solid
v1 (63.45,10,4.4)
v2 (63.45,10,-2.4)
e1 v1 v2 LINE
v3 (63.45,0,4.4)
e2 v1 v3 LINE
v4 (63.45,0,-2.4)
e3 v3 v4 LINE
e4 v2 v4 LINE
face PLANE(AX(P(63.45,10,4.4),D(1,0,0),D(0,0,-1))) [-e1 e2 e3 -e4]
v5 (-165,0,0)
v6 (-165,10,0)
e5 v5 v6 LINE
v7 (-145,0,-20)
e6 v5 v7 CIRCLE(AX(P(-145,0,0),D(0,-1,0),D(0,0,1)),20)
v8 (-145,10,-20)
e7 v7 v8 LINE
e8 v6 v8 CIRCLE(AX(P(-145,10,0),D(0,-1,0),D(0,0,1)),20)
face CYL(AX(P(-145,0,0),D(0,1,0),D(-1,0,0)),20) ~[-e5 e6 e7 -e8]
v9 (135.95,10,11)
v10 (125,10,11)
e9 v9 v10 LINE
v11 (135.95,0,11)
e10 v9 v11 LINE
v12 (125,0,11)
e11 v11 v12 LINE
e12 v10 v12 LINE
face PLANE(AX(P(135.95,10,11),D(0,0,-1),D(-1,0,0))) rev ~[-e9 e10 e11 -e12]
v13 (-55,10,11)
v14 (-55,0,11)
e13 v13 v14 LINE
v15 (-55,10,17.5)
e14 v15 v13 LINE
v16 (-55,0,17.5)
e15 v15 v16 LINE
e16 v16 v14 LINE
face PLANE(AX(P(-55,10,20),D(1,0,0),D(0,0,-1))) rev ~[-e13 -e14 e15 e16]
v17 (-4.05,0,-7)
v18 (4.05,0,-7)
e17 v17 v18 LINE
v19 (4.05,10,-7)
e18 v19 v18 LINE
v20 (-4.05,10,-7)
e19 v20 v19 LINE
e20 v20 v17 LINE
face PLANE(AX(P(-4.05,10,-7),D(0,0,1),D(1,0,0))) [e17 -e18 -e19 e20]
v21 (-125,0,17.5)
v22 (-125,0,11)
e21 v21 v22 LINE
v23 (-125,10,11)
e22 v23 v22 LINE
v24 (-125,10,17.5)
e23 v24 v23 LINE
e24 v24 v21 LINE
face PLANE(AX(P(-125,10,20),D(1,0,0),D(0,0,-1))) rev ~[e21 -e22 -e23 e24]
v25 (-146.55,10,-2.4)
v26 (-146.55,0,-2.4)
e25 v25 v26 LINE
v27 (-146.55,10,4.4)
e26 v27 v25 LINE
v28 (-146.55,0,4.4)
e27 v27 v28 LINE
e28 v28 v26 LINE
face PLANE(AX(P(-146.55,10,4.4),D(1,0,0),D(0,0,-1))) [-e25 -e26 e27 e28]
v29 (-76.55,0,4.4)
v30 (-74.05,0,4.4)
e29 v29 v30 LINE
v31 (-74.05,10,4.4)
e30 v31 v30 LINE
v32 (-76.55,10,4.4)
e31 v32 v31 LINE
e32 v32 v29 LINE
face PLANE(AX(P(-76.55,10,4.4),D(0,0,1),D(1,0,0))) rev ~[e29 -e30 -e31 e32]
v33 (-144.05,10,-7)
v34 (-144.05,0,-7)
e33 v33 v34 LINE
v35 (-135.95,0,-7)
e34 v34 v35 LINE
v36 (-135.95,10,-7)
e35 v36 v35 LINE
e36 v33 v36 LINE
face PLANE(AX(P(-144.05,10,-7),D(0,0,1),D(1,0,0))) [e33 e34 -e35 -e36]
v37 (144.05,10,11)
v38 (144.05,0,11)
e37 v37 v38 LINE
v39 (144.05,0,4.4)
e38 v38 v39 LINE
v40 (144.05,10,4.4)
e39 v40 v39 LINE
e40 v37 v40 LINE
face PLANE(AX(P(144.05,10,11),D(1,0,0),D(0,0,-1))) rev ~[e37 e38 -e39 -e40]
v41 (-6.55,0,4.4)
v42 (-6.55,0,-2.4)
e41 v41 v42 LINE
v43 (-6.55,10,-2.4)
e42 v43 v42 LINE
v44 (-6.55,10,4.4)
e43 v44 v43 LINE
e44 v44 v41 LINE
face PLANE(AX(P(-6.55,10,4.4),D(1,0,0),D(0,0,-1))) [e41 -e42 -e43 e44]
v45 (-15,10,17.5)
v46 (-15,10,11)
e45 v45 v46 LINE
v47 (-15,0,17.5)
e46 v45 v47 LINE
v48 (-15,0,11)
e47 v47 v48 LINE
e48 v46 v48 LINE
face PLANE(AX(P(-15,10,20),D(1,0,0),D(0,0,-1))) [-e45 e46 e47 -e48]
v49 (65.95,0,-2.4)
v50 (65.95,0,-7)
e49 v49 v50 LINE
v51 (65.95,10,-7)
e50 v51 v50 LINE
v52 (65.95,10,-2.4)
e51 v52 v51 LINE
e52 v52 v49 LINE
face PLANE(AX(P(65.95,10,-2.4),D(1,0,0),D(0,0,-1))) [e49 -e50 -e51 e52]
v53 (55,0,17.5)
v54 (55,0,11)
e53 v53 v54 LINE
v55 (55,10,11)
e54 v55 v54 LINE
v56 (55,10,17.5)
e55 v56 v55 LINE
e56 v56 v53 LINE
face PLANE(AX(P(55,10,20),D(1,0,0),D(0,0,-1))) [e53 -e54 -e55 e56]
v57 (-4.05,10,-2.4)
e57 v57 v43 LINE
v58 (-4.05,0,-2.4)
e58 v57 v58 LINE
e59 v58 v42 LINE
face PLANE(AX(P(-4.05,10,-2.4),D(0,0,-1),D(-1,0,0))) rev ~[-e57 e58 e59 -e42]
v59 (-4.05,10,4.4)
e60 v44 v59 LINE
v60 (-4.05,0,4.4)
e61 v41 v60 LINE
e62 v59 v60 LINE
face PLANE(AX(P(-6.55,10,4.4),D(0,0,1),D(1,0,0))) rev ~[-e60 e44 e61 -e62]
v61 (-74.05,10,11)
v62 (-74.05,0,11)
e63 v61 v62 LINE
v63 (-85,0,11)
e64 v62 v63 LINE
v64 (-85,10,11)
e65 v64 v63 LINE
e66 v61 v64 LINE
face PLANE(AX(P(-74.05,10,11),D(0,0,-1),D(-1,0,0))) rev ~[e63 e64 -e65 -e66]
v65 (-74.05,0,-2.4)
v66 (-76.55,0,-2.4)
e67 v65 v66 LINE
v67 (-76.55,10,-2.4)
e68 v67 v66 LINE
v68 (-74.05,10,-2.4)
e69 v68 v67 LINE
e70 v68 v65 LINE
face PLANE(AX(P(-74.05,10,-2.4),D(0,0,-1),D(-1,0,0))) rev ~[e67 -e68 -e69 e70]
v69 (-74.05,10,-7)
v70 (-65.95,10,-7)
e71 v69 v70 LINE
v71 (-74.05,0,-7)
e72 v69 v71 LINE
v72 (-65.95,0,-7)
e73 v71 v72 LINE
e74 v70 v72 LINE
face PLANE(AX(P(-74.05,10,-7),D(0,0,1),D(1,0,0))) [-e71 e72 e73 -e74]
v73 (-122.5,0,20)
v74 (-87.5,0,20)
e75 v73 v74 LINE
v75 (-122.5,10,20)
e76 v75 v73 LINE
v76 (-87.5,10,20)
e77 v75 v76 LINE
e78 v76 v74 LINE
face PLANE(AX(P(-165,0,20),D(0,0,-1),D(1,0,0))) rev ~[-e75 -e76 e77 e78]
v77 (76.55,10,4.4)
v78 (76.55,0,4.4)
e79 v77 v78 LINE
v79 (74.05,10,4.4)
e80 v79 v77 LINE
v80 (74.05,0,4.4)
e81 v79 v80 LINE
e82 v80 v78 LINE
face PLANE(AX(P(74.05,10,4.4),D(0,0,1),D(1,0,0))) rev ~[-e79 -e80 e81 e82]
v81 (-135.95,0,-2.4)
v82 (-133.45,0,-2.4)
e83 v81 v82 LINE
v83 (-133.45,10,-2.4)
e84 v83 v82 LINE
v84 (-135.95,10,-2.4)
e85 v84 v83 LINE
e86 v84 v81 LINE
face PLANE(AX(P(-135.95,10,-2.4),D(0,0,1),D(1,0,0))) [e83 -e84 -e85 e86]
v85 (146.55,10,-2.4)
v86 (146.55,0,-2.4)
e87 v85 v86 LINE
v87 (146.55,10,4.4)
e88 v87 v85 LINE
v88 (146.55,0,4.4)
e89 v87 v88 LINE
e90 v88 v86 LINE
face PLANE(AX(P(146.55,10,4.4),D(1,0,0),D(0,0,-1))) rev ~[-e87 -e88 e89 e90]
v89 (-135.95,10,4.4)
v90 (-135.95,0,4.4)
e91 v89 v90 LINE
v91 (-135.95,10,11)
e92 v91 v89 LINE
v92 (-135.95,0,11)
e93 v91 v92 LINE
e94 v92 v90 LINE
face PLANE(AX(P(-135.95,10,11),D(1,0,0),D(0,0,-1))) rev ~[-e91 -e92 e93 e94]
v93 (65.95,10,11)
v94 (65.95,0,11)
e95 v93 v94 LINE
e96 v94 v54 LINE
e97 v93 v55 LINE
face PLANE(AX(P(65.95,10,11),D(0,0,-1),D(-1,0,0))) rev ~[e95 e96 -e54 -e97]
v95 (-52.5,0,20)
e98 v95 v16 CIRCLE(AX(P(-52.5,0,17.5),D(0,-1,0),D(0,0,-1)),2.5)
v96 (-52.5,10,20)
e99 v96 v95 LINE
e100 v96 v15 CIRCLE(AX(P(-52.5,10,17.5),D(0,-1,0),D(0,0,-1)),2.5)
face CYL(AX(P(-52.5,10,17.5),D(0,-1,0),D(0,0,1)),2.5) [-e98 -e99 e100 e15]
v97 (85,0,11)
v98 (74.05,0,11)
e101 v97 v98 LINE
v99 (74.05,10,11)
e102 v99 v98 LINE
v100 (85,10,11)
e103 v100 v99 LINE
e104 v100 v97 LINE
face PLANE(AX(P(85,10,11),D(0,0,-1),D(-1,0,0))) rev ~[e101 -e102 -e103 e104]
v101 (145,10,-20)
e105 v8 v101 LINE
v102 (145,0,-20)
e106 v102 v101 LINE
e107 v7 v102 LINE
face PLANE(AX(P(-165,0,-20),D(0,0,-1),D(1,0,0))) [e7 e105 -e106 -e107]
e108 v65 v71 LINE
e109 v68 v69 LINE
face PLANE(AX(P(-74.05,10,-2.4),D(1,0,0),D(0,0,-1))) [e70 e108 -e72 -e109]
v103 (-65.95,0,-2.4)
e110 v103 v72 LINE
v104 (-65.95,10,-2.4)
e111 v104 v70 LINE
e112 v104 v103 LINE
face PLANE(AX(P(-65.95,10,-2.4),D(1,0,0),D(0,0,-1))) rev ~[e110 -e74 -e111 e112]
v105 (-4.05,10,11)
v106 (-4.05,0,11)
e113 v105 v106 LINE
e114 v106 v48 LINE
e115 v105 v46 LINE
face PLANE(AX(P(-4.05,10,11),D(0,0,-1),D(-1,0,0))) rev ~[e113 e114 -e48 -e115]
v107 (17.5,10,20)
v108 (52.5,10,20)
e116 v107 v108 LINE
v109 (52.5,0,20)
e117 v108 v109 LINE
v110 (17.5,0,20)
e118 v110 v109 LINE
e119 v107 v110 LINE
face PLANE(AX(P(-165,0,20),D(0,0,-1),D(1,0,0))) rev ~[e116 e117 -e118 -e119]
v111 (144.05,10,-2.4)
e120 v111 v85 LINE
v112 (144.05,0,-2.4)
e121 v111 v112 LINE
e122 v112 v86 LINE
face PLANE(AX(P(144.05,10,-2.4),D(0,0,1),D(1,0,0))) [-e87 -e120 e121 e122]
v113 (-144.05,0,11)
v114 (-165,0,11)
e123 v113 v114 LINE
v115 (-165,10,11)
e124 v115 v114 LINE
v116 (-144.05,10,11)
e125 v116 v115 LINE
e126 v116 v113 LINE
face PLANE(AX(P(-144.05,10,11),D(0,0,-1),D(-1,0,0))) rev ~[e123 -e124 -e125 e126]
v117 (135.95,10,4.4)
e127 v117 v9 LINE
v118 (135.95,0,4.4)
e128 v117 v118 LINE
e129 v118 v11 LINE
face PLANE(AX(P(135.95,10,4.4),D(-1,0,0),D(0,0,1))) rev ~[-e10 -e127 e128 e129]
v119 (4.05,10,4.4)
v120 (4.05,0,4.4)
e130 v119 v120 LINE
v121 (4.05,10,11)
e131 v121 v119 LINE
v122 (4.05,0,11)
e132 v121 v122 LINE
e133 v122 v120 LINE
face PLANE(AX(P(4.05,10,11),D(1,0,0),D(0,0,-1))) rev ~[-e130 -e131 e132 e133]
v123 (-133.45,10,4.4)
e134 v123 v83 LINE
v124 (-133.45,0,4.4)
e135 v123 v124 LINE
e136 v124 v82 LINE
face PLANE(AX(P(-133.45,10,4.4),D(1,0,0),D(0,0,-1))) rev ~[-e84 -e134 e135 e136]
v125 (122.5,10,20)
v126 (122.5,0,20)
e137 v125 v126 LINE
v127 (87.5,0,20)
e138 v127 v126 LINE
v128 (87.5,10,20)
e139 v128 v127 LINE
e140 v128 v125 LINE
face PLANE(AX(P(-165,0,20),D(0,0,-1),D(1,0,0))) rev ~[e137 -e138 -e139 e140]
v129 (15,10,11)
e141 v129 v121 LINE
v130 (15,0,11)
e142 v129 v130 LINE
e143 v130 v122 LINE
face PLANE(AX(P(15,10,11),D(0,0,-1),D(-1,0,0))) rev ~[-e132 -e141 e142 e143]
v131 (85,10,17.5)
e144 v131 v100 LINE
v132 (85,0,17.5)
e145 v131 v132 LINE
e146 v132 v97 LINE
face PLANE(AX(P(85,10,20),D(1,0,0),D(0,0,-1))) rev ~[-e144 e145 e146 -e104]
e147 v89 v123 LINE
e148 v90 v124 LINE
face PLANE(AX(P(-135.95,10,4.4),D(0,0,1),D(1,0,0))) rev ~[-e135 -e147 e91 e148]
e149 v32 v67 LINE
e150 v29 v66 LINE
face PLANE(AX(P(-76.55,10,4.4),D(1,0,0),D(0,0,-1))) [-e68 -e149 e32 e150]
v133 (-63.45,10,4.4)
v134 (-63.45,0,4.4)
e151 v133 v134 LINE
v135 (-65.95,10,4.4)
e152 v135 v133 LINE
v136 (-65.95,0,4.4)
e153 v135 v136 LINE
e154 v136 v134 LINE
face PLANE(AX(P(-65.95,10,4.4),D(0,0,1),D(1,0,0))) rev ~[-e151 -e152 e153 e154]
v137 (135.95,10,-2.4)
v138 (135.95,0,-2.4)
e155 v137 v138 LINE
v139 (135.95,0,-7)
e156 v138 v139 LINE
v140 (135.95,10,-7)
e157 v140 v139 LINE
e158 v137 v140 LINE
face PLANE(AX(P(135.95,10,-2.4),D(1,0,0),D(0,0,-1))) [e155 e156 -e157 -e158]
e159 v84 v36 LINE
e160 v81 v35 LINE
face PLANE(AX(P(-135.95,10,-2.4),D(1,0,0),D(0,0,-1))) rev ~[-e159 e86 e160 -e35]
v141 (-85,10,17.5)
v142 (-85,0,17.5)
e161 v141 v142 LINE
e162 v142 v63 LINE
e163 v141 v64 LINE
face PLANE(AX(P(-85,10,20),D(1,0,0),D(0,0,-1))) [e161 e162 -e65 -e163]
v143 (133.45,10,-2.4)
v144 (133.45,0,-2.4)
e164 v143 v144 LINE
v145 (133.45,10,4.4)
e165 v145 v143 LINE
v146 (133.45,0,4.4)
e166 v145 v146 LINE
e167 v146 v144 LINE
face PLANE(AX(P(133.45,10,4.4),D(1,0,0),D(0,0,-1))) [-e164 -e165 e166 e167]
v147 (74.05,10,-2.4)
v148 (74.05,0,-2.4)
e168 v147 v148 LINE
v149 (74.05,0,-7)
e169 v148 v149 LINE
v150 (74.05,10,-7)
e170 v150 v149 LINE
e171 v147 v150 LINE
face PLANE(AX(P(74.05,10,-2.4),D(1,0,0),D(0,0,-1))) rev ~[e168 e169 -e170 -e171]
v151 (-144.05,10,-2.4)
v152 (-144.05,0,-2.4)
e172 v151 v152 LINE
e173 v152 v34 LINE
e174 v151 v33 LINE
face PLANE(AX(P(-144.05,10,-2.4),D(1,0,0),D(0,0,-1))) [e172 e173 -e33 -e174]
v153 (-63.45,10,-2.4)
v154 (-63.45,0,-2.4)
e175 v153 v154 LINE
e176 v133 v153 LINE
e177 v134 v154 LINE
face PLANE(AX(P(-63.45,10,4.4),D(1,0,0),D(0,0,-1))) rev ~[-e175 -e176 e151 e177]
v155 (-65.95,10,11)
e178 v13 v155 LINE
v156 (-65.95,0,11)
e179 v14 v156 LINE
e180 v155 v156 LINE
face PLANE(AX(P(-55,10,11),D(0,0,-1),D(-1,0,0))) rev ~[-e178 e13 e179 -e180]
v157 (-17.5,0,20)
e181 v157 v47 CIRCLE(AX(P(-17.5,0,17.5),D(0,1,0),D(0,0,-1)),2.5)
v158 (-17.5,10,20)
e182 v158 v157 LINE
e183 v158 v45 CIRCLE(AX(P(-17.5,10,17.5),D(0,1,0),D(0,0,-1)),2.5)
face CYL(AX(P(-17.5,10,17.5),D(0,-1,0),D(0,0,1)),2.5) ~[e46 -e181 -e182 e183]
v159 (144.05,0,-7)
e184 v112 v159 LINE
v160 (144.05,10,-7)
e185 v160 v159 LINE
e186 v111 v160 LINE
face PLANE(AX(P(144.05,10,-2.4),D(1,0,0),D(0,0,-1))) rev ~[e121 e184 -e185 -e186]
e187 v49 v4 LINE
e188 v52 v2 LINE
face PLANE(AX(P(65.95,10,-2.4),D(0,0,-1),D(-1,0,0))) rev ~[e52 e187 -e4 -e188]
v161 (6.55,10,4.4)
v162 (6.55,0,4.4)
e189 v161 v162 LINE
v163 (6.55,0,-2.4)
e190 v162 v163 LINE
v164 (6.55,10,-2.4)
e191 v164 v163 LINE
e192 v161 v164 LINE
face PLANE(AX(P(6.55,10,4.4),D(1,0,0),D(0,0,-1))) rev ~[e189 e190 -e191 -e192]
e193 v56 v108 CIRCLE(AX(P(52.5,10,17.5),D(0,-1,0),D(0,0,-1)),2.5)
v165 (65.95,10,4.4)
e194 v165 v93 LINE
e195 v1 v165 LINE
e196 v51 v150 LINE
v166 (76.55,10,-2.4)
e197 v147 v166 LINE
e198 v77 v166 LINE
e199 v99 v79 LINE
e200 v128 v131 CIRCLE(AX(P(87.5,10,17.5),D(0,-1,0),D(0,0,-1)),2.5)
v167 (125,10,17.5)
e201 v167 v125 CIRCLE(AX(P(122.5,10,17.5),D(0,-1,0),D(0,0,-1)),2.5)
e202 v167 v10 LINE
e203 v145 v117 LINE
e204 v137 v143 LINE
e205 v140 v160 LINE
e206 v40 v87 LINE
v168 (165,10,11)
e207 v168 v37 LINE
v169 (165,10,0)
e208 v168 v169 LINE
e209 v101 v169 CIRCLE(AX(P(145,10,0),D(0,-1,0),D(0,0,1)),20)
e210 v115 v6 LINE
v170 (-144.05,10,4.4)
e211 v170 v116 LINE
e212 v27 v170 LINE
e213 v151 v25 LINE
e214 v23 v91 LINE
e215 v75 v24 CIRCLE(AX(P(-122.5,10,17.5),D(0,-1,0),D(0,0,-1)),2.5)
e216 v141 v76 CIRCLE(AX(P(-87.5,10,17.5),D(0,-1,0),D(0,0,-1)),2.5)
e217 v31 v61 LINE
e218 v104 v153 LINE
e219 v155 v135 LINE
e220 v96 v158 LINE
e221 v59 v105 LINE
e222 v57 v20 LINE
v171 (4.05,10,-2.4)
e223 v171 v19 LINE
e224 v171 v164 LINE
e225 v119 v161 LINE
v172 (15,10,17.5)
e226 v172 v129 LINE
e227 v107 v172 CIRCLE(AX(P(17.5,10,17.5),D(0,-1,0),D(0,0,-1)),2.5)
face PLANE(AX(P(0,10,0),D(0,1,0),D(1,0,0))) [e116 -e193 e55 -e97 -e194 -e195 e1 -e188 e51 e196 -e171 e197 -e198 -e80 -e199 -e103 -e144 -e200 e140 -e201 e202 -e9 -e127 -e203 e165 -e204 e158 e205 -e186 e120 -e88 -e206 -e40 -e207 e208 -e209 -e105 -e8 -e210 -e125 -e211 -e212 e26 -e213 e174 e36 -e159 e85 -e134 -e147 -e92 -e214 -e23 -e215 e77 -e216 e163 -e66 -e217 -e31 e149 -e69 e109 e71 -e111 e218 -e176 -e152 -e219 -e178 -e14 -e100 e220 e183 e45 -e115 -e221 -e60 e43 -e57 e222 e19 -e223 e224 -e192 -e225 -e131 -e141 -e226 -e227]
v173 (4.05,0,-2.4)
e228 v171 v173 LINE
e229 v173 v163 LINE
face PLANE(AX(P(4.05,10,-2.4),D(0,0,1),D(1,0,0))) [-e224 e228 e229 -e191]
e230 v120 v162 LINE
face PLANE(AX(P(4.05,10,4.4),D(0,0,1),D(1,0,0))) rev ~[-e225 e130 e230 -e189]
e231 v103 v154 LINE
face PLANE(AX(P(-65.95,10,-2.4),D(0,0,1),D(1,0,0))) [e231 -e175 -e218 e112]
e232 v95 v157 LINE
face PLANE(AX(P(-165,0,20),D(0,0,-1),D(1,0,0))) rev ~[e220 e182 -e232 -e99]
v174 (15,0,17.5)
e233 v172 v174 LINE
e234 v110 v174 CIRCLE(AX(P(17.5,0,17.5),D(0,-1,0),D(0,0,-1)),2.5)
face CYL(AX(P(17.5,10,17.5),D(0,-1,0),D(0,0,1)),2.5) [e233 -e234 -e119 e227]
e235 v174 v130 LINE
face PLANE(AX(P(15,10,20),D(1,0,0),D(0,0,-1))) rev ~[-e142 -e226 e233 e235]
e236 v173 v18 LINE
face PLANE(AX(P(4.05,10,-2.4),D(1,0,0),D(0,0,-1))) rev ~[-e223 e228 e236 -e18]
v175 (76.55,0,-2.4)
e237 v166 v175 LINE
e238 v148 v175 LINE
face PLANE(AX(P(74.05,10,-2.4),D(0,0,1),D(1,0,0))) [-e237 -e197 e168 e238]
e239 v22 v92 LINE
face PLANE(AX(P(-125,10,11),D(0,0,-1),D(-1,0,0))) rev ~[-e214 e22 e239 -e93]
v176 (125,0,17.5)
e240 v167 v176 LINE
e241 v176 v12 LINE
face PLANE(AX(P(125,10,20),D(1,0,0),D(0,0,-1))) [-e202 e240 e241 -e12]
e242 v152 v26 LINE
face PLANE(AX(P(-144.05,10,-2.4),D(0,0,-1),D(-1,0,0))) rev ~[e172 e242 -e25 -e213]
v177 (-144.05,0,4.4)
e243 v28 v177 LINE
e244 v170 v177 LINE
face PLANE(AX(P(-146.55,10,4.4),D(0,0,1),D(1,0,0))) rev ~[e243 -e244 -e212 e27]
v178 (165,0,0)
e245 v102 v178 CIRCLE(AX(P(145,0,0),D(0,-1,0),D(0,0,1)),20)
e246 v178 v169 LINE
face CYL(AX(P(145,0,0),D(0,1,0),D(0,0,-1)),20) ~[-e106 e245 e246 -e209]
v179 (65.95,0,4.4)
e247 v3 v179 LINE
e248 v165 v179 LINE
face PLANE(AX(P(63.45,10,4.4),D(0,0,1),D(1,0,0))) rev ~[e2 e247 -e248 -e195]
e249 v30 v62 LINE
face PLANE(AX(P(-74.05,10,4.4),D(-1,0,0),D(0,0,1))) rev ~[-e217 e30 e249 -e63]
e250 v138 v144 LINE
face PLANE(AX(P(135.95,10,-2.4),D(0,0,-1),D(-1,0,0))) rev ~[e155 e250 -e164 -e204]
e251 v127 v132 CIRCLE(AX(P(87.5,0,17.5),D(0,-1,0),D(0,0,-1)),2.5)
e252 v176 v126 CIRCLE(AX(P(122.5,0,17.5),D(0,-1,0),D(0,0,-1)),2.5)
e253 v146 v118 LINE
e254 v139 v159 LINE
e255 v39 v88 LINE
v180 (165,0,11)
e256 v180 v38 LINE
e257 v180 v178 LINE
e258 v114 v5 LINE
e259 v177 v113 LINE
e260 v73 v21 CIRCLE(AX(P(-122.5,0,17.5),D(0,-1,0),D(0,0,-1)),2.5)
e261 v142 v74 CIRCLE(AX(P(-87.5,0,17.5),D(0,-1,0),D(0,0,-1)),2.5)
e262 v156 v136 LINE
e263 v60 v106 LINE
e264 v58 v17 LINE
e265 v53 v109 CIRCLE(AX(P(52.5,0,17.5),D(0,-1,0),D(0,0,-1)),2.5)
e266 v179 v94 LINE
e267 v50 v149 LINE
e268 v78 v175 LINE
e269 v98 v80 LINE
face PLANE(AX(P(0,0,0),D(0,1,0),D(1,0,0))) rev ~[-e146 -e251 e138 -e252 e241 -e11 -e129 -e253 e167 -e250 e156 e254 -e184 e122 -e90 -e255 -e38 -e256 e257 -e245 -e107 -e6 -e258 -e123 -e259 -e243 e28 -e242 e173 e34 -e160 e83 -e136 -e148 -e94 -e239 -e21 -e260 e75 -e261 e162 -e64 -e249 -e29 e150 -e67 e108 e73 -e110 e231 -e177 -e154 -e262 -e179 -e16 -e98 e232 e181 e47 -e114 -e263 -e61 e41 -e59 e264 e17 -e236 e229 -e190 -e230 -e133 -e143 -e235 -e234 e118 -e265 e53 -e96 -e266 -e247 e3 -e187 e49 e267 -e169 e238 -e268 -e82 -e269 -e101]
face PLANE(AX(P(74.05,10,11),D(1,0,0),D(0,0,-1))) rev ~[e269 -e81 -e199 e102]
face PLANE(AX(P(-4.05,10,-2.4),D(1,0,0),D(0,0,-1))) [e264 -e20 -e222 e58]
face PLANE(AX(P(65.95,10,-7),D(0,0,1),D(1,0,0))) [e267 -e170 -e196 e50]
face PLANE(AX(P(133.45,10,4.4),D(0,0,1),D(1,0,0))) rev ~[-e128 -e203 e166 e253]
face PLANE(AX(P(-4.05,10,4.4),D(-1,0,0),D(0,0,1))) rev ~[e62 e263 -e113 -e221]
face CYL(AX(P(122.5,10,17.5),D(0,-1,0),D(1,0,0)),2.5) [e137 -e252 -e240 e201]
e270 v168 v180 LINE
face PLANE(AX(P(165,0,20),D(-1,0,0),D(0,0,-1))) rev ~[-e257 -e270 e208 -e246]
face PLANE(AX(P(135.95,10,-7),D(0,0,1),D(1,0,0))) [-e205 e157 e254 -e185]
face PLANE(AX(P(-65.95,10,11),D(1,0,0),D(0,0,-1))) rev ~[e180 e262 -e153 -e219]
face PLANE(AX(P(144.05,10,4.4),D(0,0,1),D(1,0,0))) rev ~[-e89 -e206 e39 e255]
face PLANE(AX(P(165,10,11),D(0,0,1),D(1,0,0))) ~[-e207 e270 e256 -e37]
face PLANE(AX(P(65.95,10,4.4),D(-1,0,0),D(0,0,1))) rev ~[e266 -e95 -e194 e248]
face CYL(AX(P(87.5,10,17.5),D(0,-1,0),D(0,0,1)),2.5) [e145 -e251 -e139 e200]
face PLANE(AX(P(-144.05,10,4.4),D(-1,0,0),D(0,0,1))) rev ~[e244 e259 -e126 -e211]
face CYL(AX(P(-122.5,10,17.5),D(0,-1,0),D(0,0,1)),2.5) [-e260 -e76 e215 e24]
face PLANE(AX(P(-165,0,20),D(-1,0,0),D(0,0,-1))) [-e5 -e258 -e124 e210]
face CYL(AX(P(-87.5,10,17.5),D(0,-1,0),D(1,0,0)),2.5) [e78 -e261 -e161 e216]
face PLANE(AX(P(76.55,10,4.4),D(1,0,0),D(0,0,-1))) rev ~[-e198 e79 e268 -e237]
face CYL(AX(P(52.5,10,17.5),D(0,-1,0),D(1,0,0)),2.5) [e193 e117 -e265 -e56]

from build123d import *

# Parameters (mm, degrees)
SKETCH1_W                  = 330
SKETCH1_H                  = 40
BOSS_EXTRUDE1_DEPTH        = 10
SKETCH2_W                  = 10.95
SKETCH2_H                  = 9
SKETCH2_W_2                = 8.1
SKETCH2_H_2                = 6.6
SKETCH2_H_3                = 6.8
SKETCH2_W_3                = 2.5
SKETCH2_H_4                = 4.6
CUT_EXTRUDE1_DEPTH         = 167.508258053
FILLET1_R                  = 2.5
LPATTERN1_COUNT            = 3
LPATTERN1_PITCH            = 70
FILLET1_OF_LPATTERN1_R     = 2.5
LPATTERN1_COL_COUNT        = 3
LPATTERN1_COL_PITCH        = 70
FILLET1_OF_LPATTERN1_COL_R = 2.5
SKETCH3_W                  = 10
SKETCH3_H                  = 9
CUT_EXTRUDE2_DEPTH         = 167.508258053
FILLET2_R                  = 20


with BuildPart() as part:
    # Sketch1 → Boss-Extrude1 (new body)
    with BuildSketch(Plane(origin=(0, 0, 0), x_dir=(1, 0, 0), z_dir=(0, 1, 0))):
        Rectangle(SKETCH1_W, SKETCH1_H)
    extrude(amount=BOSS_EXTRUDE1_DEPTH)

    # Sketch2 → Cut-Extrude1 (cut, through all)
    with BuildSketch(Plane(origin=(0, 10, 0), x_dir=(1, 0, 0), z_dir=(0, 1, 0))):
        with Locations((9.525, -15.5)):
            Rectangle(SKETCH2_W, SKETCH2_H)
        with Locations((0, -15.5)):
            Rectangle(SKETCH2_W_2, SKETCH2_H)
        with Locations((-9.525, -15.5)):
            Rectangle(SKETCH2_W, SKETCH2_H)
        with Locations((0, -7.7)):
            Rectangle(SKETCH2_W_2, SKETCH2_H_2)
        with Locations((0, -1)):
            Rectangle(SKETCH2_W_2, SKETCH2_H_3)
        with Locations((-5.3, -1)):
            Rectangle(SKETCH2_W_3, SKETCH2_H_3)
        with Locations((0, 4.7)):
            Rectangle(SKETCH2_W_2, SKETCH2_H_4)
        with Locations((5.3, -1)):
            Rectangle(SKETCH2_W_3, SKETCH2_H_3)
    cut_extrude1 = extrude(amount=-CUT_EXTRUDE1_DEPTH, mode=Mode.SUBTRACT)

    # Fillet1
    fillet1_edges = [part.edges().sort_by_distance(p)[0] for p in [
        (15, 5, 20),
        (-15, 5, 20),
    ]]
    fillet(fillet1_edges, radius=FILLET1_R)

    # LPattern1: Cut-Extrude1 ×3
    with Locations(*[(i * LPATTERN1_PITCH, 0, 0) for i in range(1, LPATTERN1_COUNT)]):
        add(cut_extrude1, mode=Mode.SUBTRACT)

    # Fillet1 of LPattern1
    fillet1_of_lpattern1_edges = [part.edges().sort_by_distance(p)[0] for p in [
        (85, 5, 20),
        (55, 5, 20),
        (155, 5, 20),
        (125, 5, 20),
    ]]
    fillet(fillet1_of_lpattern1_edges, radius=FILLET1_OF_LPATTERN1_R)

    # LPattern1 col: Cut-Extrude1 ×3
    with Locations(*[(-i * LPATTERN1_COL_PITCH, 0, 0) for i in range(1, LPATTERN1_COL_COUNT)]):
        add(cut_extrude1, mode=Mode.SUBTRACT)

    # Fillet1 of LPattern1 col
    fillet1_of_lpattern1_col_edges = [part.edges().sort_by_distance(p)[0] for p in [
        (-55, 5, 20),
        (-85, 5, 20),
        (-125, 5, 20),
        (-155, 5, 20),
    ]]
    fillet(fillet1_of_lpattern1_col_edges, radius=FILLET1_OF_LPATTERN1_COL_R)

    # Sketch3 → Cut-Extrude2 (cut, through all)
    with BuildSketch(Plane(origin=(0, 10, 0), x_dir=(1, 0, 0), z_dir=(0, 1, 0))):
        with Locations((-160, -15.5)):
            Rectangle(SKETCH3_W, SKETCH3_H)
    cut_extrude2 = extrude(amount=-CUT_EXTRUDE2_DEPTH, mode=Mode.SUBTRACT)

    # Mirror1: Cut-Extrude2 across plane
    add(cut_extrude2.mirror(Plane(origin=(0, 0, 0), x_dir=(0, 0, 1), z_dir=(1, 0, 0))), mode=Mode.SUBTRACT)

    # Fillet2
    fillet2_edges = [part.edges().sort_by_distance(p)[0] for p in [
        (-165, 5, -20),
        (165, 5, -20),
    ]]
    fillet(fillet2_edges, radius=FILLET2_R)


solid = part.part
